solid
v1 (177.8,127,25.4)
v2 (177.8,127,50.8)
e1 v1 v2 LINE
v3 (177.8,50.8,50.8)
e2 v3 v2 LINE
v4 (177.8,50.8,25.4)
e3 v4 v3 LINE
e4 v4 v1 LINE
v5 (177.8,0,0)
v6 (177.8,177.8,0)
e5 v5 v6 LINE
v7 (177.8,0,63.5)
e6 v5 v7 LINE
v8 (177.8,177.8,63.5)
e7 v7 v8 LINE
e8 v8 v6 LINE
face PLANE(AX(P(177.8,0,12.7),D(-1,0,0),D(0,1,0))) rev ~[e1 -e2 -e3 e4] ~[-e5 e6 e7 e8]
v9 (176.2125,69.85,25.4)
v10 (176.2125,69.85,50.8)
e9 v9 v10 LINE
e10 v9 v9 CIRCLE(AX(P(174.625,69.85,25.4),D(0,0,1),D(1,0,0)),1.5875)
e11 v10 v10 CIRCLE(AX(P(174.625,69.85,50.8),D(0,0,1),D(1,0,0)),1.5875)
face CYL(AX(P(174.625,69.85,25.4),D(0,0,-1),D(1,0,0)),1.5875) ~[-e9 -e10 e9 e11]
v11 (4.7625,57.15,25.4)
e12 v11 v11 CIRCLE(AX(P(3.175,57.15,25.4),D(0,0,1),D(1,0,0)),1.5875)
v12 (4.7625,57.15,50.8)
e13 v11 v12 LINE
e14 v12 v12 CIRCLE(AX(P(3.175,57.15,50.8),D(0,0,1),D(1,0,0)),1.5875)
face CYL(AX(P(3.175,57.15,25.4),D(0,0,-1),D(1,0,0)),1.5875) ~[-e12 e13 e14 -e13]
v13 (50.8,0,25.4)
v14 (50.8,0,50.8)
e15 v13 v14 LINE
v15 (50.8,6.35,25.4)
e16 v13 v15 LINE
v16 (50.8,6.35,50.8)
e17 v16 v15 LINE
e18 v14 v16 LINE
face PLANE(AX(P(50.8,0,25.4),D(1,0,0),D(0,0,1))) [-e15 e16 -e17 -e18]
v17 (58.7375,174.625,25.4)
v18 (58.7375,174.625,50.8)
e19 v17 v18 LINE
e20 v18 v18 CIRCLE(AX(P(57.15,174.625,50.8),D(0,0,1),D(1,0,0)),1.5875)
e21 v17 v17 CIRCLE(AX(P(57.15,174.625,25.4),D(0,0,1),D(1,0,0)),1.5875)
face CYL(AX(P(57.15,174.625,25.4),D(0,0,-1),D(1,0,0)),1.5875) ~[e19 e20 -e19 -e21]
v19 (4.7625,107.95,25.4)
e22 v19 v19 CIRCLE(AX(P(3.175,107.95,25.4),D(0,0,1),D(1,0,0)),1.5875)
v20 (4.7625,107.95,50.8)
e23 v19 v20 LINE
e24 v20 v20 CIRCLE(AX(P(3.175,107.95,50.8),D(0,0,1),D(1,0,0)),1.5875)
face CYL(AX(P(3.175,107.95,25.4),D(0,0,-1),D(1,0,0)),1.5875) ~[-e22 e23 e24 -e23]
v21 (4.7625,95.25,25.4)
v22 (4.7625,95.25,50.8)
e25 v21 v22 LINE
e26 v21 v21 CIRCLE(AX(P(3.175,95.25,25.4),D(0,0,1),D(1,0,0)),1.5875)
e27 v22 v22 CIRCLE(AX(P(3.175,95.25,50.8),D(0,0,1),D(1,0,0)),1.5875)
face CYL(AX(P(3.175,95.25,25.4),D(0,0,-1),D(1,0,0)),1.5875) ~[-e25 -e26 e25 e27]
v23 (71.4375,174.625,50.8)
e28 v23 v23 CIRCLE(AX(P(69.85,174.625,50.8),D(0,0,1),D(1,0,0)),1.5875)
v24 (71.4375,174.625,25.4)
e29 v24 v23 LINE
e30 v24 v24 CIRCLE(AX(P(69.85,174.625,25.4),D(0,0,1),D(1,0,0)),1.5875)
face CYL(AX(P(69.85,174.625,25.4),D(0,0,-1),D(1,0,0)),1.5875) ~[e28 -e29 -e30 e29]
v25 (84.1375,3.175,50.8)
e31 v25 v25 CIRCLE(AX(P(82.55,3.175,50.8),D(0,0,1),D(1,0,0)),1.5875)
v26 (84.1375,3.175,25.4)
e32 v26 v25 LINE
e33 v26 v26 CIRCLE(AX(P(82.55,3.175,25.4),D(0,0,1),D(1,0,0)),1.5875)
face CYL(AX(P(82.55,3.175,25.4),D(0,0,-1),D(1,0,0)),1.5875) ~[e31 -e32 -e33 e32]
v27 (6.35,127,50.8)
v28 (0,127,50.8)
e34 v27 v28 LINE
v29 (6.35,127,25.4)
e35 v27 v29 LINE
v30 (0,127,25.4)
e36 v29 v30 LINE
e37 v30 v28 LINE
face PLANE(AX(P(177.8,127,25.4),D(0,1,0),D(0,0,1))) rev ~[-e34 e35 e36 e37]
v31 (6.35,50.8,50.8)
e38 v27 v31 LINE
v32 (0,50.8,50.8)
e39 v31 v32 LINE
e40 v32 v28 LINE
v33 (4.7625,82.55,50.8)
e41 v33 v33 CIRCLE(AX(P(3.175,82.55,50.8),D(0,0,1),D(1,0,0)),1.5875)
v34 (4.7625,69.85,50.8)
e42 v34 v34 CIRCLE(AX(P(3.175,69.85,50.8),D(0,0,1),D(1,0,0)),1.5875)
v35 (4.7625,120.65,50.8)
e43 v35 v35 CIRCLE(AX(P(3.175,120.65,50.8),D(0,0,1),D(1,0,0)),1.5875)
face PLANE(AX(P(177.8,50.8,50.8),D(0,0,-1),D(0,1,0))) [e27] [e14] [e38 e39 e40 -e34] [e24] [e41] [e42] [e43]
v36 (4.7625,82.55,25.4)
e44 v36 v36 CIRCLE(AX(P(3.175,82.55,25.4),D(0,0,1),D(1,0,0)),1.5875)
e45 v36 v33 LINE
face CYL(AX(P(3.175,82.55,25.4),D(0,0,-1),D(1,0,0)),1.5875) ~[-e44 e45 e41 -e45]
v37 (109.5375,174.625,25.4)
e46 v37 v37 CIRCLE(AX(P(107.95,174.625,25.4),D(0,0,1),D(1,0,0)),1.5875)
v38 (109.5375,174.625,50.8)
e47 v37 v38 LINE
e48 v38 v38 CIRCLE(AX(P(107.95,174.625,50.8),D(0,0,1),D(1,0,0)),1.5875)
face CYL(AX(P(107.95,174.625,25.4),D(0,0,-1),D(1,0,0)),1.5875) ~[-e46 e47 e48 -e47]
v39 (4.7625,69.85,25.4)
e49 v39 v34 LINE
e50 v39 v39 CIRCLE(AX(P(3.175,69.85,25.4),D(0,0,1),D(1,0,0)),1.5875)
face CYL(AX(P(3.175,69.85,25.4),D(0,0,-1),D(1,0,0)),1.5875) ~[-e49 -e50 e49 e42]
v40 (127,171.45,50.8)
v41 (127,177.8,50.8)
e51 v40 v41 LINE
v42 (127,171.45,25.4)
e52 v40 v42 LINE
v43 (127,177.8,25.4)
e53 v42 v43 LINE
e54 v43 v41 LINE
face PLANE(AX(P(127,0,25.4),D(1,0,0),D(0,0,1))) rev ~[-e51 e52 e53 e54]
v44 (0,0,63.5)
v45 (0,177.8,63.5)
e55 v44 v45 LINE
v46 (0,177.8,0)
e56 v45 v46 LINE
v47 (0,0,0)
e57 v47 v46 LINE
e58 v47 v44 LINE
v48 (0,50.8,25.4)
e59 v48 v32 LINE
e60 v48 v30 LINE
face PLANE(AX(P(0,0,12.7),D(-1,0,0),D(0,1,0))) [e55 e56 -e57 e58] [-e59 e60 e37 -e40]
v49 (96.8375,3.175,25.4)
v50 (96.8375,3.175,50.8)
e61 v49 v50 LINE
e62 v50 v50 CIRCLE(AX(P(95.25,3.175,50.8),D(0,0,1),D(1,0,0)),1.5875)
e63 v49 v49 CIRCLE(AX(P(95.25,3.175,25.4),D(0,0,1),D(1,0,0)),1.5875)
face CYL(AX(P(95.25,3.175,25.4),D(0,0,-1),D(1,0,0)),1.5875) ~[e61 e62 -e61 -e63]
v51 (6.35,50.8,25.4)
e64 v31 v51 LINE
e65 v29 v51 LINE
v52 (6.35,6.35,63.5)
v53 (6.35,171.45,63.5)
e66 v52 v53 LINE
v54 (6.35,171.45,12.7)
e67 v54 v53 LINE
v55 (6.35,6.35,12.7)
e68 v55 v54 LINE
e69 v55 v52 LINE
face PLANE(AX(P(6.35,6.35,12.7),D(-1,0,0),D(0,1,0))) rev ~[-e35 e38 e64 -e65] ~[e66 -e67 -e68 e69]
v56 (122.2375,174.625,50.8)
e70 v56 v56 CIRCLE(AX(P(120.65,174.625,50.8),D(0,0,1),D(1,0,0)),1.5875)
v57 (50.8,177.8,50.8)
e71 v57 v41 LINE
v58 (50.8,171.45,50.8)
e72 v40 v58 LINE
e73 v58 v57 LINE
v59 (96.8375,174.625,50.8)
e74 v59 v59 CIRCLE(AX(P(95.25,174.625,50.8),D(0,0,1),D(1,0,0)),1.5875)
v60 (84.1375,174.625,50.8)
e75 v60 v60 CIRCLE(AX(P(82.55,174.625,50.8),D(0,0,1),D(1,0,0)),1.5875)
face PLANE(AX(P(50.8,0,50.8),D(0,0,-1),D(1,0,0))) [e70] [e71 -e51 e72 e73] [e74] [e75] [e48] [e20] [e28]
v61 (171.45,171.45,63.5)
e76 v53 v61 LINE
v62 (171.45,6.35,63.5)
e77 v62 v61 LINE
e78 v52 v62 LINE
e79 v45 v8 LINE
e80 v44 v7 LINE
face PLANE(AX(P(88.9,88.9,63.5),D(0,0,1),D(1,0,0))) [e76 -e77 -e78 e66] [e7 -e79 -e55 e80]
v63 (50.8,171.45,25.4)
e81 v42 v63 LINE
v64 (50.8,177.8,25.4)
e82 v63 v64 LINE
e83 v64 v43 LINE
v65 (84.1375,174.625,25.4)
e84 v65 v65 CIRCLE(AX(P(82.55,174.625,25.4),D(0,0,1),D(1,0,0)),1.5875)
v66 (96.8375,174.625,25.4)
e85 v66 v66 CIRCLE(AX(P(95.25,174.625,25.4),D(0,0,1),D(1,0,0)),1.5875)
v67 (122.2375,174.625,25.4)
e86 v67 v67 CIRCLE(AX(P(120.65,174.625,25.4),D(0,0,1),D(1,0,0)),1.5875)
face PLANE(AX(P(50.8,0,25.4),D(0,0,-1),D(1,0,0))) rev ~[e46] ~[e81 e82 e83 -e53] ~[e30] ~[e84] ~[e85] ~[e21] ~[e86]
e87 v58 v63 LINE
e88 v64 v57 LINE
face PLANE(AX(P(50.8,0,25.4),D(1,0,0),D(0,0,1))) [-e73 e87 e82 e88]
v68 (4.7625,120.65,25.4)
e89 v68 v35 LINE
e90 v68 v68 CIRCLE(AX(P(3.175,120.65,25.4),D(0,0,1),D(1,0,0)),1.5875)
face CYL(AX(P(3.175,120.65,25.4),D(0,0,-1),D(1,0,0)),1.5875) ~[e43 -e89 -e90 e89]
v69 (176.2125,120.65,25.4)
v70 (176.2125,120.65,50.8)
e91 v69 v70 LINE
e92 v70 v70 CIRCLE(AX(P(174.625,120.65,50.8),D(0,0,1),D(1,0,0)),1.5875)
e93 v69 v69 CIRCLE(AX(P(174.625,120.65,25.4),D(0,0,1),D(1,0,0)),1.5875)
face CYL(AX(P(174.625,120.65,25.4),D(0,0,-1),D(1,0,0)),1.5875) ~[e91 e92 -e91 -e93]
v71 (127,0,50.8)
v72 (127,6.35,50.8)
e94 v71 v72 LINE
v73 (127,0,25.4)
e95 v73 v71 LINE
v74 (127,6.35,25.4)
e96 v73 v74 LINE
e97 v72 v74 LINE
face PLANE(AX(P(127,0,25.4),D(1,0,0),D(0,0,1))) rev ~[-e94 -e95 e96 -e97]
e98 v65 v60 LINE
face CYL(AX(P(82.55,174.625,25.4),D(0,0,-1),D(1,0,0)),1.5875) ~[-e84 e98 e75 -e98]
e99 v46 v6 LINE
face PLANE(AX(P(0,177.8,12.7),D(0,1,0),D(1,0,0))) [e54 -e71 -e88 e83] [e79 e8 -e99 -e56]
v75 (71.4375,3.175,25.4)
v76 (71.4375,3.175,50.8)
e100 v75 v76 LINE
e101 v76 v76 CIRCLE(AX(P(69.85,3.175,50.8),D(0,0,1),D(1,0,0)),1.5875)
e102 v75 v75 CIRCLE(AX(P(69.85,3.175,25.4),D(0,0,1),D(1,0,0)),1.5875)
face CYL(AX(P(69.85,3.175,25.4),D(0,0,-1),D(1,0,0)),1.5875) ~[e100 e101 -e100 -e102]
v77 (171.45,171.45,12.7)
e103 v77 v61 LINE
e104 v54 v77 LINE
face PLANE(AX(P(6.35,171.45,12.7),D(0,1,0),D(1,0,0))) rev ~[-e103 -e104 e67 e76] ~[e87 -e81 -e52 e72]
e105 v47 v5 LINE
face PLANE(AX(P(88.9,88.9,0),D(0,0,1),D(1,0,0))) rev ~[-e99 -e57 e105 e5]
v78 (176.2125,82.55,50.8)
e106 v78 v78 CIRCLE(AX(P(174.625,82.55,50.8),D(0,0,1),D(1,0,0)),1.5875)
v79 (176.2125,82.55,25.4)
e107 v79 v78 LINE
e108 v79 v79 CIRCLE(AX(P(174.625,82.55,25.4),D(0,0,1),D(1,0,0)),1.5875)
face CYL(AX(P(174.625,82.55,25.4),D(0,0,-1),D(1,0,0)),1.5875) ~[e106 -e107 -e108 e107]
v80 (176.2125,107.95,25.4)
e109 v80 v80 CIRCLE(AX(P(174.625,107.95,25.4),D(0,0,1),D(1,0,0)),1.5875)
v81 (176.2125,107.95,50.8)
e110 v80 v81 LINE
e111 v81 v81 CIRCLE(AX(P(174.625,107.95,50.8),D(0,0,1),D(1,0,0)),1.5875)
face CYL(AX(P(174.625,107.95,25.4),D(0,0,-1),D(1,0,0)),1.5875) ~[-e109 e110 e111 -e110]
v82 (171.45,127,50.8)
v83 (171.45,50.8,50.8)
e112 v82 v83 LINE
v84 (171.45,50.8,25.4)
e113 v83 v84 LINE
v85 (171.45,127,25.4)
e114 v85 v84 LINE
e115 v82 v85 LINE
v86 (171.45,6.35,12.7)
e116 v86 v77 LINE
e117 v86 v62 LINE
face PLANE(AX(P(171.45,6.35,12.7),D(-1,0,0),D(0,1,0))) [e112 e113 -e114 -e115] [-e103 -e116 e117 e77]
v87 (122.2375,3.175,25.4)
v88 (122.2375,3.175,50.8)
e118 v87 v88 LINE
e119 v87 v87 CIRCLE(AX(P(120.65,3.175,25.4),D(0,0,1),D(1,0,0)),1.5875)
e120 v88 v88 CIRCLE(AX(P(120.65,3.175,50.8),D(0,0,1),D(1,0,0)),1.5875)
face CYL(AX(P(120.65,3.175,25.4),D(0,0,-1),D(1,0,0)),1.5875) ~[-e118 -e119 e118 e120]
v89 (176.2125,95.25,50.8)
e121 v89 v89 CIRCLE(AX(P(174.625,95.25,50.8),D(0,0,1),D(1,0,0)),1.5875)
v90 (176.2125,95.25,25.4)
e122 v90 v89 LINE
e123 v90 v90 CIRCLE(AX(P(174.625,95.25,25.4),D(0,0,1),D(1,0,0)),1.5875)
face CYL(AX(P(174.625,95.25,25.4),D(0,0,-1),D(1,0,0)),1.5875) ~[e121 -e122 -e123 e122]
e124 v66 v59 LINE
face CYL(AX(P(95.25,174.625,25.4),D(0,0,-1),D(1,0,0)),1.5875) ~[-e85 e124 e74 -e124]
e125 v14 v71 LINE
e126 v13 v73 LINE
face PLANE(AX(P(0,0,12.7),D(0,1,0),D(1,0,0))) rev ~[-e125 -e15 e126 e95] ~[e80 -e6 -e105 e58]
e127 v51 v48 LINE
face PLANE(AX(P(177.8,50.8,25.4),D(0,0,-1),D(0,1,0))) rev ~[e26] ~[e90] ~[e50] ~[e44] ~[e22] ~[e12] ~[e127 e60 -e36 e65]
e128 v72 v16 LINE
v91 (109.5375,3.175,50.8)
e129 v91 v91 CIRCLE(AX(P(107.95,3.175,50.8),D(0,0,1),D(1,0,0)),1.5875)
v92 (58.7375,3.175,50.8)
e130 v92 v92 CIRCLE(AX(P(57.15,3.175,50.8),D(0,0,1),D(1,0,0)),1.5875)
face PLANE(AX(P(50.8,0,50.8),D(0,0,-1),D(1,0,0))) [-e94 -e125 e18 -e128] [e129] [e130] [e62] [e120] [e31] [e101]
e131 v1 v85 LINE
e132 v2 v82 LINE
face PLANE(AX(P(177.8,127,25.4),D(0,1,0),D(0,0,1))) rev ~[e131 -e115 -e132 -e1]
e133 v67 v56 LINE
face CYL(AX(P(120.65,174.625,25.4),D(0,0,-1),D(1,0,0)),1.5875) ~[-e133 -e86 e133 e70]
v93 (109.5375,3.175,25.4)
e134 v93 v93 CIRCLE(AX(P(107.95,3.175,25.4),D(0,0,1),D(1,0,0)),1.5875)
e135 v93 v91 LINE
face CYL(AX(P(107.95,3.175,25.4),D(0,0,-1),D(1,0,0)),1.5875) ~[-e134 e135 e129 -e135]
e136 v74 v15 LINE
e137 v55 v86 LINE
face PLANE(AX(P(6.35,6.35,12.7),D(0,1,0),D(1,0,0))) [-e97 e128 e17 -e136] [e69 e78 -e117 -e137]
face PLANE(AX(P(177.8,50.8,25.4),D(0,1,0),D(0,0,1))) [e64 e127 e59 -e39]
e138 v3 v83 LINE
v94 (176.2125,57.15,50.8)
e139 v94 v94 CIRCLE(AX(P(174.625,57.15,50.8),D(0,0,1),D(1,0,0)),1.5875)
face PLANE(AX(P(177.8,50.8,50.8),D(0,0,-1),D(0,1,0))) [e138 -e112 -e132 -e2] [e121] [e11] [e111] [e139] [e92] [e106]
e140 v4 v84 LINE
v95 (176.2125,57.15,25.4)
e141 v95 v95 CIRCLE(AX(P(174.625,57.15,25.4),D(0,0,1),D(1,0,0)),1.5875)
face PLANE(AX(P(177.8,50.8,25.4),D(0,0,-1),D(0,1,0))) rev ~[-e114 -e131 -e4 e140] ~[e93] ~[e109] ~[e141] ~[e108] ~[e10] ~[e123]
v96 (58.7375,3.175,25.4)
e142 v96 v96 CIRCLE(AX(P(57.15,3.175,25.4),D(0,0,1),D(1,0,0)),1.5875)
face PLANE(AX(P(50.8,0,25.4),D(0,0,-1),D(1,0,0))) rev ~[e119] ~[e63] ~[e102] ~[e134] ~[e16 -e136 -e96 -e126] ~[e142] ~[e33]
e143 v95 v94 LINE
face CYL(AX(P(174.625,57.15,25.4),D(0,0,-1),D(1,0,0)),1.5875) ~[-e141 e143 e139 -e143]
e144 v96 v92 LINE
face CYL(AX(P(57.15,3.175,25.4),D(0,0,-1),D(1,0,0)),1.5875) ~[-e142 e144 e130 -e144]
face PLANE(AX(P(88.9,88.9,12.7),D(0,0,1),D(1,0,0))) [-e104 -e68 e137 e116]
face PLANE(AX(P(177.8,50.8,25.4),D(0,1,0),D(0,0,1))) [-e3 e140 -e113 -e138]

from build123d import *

# Parameters (mm, degrees)
F0_W     = 177.8
F0_H     = 177.8
F1_DEPTH = 12.7
F2_W     = 177.8
F2_H     = 177.8
F2_W_2   = 165.1
F2_H_2   = 165.1
F3_DEPTH = 50.8
F4_W     = 76.2
F4_H     = 25.4
F5_DEPTH = 177.8
F6_W     = 76.2
F6_H     = 25.4
F7_DEPTH = 177.8
F8_R     = 1.5875
F9_DEPTH = 25.4


with BuildPart() as f1:
    # F0 (on Top) → F1 (new body)
    with BuildSketch(Plane.XY):
        with Locations((88.9, 88.9)):
            Rectangle(F0_W, F0_H)
    extrude(amount=F1_DEPTH)

    # F2 (on face) → F3 (join)
    with BuildSketch(Plane.XY.offset(12.7)):
        with Locations((88.9, 88.9)):
            Rectangle(F2_W, F2_H)
        with Locations((88.9, 88.9)):
            Rectangle(F2_W_2, F2_H_2, mode=Mode.SUBTRACT)
    extrude(amount=F3_DEPTH)

    # F4 (on face) → F5 (cut, through all)
    with BuildSketch(Plane.YZ.offset(177.8)):
        with Locations((88.9, 38.1)):
            Rectangle(F4_W, F4_H)
    extrude(amount=-F5_DEPTH, mode=Mode.SUBTRACT)

    # F6 (on face) → F7 (cut, through all)
    with BuildSketch(Plane.XZ):
        with Locations((88.9, 38.1)):
            Rectangle(F6_W, F6_H)
    extrude(amount=-F7_DEPTH, mode=Mode.SUBTRACT)

    # F8 (on face) → F9 (join, through all)
    with BuildSketch(Plane.XY.offset(25.4)):
        with Locations((174.625, 69.85)):
            Circle(F8_R)
        with Locations((174.625, 57.15)):
            Circle(F8_R)
        with Locations((174.625, 82.55)):
            Circle(F8_R)
        with Locations((174.625, 107.95)):
            Circle(F8_R)
        with Locations((174.625, 120.65)):
            Circle(F8_R)
        with Locations((174.625, 95.25)):
            Circle(F8_R)
        with Locations((69.85, 174.625)):
            Circle(F8_R)
        with Locations((57.15, 174.625)):
            Circle(F8_R)
        with Locations((82.55, 174.625)):
            Circle(F8_R)
        with Locations((107.95, 174.625)):
            Circle(F8_R)
        with Locations((120.65, 174.625)):
            Circle(F8_R)
        with Locations((95.25, 174.625)):
            Circle(F8_R)
        with Locations((69.85, 3.175)):
            Circle(F8_R)
        with Locations((57.15, 3.175)):
            Circle(F8_R)
        with Locations((82.55, 3.175)):
            Circle(F8_R)
        with Locations((107.95, 3.175)):
            Circle(F8_R)
        with Locations((120.65, 3.175)):
            Circle(F8_R)
        with Locations((95.25, 3.175)):
            Circle(F8_R)
        with Locations((3.175, 69.85)):
            Circle(F8_R)
        with Locations((3.175, 57.15)):
            Circle(F8_R)
        with Locations((3.175, 82.55)):
            Circle(F8_R)
        with Locations((3.175, 107.95)):
            Circle(F8_R)
        with Locations((3.175, 120.65)):
            Circle(F8_R)
        with Locations((3.175, 95.25)):
            Circle(F8_R)
    extrude(amount=F9_DEPTH)


solid = f1.part
